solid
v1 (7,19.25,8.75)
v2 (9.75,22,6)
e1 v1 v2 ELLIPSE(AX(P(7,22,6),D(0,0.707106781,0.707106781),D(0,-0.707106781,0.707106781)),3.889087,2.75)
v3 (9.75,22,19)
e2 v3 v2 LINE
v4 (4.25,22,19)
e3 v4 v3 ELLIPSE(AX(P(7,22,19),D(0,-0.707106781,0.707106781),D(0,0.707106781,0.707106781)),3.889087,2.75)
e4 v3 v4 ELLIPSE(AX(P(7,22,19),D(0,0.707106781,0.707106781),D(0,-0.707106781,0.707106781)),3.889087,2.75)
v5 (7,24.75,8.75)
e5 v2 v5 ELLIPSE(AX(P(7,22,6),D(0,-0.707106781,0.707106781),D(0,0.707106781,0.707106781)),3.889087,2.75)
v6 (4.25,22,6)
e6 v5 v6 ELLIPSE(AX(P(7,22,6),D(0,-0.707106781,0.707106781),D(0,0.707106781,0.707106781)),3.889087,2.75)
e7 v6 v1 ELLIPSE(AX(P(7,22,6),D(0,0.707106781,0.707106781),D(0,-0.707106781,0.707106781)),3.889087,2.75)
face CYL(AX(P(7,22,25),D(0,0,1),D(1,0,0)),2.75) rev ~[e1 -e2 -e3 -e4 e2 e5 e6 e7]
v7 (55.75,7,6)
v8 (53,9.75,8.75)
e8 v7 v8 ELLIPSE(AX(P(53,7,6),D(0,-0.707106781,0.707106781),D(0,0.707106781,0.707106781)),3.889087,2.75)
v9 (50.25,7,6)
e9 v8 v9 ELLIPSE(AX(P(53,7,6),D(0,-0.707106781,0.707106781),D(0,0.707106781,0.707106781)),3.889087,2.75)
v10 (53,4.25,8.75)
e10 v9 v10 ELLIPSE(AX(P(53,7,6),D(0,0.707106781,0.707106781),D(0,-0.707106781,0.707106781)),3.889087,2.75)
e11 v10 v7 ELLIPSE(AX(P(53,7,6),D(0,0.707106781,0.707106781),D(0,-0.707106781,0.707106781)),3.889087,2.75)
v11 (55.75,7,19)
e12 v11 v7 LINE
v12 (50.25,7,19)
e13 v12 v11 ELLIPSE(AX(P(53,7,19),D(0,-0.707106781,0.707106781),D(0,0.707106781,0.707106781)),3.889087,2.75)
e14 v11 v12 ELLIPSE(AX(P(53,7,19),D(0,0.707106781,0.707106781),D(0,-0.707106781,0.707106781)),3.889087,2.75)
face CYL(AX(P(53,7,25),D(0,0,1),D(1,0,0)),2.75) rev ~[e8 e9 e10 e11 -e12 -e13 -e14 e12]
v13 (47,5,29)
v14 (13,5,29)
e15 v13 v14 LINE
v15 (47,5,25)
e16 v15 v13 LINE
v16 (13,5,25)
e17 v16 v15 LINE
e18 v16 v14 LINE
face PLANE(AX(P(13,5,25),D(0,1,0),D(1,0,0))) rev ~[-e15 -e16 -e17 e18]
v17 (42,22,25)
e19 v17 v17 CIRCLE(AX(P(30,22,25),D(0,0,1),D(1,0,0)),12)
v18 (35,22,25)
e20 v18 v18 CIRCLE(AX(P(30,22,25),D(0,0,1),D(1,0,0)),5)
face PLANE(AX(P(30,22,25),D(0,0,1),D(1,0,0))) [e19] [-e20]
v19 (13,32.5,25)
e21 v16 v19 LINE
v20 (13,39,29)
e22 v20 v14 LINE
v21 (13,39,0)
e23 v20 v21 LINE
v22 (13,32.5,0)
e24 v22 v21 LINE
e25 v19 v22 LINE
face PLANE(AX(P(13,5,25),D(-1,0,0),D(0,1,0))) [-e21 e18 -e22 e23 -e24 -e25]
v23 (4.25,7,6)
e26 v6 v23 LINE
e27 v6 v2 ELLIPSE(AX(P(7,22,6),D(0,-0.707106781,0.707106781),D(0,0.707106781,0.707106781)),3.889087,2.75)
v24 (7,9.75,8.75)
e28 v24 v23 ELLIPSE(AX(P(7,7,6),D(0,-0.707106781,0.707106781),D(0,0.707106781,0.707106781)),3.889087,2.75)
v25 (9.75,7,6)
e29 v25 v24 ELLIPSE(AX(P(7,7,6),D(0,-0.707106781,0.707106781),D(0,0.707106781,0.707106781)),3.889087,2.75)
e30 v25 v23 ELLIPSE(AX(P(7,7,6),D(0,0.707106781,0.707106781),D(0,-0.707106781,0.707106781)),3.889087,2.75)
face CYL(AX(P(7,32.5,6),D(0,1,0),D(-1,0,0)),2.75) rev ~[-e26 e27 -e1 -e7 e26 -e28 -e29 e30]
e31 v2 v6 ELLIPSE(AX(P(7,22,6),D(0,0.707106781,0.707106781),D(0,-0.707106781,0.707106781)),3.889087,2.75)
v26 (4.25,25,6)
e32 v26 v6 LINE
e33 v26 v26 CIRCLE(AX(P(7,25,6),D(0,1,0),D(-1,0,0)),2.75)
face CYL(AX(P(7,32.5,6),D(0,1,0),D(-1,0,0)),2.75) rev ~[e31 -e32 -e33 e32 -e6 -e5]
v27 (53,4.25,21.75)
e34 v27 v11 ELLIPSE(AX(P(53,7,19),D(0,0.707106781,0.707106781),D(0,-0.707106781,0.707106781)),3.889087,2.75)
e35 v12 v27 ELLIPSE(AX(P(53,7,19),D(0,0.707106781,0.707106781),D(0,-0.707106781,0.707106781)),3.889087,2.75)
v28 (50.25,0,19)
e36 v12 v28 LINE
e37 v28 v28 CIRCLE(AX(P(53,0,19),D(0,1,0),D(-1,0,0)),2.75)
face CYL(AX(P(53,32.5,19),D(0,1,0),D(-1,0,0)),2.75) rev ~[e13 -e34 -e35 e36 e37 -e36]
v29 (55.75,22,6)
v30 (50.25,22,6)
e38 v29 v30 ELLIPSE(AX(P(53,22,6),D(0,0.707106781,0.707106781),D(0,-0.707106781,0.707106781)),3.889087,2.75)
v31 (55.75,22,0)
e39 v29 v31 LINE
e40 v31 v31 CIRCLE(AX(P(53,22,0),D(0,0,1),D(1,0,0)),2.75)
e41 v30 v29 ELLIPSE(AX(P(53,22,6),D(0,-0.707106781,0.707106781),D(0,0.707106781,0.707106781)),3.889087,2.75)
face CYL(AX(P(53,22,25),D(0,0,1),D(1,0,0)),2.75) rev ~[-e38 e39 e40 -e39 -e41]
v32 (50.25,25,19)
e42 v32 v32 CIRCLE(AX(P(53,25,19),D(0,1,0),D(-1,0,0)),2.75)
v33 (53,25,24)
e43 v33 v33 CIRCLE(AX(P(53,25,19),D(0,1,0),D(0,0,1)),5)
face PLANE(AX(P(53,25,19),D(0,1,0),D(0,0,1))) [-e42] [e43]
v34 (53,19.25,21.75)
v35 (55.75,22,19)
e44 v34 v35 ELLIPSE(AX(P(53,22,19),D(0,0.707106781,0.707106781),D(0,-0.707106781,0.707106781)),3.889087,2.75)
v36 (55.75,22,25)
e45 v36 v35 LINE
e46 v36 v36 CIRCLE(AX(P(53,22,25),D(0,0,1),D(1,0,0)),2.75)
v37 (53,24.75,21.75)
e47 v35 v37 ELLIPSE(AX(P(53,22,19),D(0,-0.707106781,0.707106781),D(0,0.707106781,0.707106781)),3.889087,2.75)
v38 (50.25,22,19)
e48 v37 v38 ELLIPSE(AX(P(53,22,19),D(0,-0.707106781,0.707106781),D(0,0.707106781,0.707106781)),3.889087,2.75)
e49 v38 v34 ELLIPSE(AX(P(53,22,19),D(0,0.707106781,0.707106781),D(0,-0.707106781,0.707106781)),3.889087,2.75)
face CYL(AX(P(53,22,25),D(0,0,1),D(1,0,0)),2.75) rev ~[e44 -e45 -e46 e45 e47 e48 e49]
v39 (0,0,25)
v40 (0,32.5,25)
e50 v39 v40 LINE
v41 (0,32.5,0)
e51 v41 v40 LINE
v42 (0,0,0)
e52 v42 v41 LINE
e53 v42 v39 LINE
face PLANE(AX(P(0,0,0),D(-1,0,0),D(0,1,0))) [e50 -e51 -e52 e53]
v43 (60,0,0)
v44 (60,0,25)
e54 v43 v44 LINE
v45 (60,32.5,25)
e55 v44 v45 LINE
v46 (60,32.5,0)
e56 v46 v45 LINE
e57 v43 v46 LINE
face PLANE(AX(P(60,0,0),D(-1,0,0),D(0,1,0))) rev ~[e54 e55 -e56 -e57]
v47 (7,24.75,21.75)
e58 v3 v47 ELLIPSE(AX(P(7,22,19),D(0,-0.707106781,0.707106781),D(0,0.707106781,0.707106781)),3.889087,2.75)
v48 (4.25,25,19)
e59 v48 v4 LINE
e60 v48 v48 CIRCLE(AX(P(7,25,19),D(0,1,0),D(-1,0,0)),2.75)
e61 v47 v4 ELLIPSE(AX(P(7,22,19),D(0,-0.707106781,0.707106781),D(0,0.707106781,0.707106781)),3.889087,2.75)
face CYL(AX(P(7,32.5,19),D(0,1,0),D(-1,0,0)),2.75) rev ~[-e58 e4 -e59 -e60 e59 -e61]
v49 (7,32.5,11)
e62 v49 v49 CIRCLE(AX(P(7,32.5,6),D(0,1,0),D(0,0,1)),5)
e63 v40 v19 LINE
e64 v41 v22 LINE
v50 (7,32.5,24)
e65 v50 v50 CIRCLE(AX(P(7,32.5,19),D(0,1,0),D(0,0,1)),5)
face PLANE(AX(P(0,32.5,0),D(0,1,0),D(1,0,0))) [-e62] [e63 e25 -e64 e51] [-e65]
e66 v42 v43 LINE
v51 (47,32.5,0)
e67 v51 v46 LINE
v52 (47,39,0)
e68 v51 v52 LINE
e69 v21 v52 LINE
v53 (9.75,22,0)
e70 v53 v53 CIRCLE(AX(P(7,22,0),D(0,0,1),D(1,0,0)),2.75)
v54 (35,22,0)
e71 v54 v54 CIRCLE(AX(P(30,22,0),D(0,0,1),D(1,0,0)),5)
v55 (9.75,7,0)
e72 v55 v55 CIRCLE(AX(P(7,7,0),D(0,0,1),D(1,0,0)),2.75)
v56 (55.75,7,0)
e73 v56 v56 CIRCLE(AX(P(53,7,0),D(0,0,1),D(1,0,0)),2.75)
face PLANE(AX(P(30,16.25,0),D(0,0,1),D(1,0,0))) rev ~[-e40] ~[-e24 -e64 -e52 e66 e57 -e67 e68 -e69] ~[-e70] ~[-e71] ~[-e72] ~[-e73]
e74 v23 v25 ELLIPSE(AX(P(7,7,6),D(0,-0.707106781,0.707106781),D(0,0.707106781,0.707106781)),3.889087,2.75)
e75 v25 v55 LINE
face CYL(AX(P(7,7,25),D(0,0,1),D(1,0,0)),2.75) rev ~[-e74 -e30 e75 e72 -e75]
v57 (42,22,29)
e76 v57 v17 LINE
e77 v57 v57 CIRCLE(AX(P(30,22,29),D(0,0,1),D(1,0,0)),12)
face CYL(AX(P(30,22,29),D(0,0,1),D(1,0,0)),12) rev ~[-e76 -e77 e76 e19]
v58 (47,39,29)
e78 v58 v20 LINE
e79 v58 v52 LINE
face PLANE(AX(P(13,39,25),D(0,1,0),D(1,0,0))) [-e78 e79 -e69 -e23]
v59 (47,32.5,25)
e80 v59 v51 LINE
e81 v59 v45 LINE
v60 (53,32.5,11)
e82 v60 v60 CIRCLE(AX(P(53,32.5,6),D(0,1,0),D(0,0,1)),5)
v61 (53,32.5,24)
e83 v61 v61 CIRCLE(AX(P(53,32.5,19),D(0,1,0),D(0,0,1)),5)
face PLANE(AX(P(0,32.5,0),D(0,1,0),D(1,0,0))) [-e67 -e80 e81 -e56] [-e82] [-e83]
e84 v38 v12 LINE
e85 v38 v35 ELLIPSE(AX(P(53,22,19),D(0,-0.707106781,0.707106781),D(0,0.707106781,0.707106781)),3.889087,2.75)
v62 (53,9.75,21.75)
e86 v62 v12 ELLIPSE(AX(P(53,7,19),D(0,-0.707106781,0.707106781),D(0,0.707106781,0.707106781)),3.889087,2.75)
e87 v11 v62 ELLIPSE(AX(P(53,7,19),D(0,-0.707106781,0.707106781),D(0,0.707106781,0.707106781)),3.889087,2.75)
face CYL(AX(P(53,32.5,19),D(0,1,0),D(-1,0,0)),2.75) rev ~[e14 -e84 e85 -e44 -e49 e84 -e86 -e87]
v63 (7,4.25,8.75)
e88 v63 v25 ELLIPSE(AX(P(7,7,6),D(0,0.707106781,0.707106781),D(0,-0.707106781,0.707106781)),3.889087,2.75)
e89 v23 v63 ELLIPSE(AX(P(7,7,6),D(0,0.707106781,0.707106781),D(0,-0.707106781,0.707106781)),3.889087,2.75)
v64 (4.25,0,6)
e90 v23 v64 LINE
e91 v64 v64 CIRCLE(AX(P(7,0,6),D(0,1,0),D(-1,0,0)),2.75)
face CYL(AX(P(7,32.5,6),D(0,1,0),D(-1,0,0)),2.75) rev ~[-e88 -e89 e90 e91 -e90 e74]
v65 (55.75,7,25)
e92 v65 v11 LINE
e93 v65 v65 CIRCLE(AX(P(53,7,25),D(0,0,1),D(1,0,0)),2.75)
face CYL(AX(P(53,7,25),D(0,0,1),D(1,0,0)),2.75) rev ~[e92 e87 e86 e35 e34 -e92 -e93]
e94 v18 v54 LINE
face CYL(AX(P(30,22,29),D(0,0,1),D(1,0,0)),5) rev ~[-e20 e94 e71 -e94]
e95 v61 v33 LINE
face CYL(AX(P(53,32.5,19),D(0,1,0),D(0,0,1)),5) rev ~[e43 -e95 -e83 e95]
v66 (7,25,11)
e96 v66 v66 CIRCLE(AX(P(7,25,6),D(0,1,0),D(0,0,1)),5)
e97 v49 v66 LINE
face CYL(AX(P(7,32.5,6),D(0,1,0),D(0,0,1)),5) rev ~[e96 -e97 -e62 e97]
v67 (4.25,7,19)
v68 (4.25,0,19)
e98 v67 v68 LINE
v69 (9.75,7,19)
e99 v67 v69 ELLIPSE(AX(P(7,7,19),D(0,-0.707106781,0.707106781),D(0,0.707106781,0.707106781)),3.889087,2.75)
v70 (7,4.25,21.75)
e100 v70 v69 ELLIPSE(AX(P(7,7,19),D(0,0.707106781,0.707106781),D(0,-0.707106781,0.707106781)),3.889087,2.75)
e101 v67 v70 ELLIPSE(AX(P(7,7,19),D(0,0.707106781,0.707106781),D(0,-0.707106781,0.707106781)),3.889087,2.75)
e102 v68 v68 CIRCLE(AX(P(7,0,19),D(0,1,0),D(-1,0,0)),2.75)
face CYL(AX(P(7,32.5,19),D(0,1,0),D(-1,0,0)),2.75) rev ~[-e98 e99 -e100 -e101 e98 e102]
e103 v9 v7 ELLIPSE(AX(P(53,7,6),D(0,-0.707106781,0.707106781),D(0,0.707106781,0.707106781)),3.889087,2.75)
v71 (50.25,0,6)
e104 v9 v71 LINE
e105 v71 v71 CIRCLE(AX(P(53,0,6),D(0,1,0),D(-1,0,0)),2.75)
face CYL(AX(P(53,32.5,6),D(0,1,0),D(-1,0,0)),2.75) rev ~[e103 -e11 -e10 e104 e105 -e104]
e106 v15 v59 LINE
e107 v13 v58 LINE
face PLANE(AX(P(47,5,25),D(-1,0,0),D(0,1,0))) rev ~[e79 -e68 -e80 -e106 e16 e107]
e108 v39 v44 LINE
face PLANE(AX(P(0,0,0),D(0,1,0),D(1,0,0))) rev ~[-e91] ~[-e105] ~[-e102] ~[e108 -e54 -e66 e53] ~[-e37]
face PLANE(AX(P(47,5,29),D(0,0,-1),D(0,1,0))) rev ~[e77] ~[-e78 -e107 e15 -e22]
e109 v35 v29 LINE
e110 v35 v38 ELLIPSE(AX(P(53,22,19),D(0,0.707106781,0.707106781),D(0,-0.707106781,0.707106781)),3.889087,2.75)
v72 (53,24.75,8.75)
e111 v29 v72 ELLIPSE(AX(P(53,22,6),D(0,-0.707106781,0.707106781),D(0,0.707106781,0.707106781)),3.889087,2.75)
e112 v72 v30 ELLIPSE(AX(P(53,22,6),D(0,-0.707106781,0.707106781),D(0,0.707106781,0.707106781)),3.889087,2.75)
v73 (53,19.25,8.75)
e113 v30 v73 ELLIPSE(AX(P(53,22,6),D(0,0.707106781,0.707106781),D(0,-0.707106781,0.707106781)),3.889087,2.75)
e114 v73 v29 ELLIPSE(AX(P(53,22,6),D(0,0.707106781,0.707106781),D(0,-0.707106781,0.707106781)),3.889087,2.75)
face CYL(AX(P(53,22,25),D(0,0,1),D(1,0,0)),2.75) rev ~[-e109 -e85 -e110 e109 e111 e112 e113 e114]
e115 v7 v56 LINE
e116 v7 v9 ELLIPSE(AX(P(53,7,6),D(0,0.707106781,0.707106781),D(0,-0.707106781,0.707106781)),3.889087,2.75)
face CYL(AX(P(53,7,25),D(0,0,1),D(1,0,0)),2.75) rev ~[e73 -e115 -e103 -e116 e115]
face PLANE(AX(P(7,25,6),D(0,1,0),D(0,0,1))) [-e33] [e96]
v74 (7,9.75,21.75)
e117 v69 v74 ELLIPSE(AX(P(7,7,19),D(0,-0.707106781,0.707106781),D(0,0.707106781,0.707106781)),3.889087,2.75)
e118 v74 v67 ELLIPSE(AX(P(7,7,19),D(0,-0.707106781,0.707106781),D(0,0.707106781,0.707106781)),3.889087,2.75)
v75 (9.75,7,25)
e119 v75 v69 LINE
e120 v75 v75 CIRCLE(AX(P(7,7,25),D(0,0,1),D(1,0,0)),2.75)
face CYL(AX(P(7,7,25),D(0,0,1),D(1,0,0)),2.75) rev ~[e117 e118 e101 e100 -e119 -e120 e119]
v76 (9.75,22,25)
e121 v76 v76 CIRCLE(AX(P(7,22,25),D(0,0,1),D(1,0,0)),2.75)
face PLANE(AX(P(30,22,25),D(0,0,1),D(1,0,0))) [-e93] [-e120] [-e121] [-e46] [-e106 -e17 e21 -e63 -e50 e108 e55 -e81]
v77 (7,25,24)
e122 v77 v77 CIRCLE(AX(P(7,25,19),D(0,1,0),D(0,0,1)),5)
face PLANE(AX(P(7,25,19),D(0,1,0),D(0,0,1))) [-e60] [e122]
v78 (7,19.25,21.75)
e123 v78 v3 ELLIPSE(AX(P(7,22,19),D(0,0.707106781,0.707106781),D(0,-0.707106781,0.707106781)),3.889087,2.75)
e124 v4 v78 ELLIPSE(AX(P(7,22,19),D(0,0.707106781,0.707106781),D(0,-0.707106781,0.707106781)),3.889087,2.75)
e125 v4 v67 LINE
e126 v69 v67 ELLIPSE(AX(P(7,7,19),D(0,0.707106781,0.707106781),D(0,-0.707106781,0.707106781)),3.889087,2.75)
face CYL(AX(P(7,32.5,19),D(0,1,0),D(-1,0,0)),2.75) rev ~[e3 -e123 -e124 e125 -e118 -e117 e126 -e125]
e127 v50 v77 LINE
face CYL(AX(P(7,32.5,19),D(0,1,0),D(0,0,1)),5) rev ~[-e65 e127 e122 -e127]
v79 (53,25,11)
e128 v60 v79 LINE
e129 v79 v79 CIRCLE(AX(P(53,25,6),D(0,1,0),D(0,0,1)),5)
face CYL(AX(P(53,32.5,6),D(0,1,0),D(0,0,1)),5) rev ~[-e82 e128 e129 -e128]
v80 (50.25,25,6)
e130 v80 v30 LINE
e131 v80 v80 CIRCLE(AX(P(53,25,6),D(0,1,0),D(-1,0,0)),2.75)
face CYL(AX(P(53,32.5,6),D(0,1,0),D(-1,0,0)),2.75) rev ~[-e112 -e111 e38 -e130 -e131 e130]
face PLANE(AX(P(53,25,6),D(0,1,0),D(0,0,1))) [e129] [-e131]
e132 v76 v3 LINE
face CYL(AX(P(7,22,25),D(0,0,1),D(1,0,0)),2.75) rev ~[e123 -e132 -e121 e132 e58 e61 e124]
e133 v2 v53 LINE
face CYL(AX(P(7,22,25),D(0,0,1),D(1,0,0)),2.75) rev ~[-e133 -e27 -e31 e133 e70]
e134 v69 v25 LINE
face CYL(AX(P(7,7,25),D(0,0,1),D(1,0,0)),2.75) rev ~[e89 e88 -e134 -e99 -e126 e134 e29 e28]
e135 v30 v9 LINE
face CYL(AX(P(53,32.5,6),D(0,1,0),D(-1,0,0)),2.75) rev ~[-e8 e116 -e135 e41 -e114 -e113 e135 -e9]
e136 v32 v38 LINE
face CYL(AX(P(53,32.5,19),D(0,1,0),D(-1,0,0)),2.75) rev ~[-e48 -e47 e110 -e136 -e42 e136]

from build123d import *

# Parameters (mm, degrees)
SKETCH_1_W          = 60
SKETCH_1_H          = 32.5
EXTRUDE_1_DEPTH     = 25
SKETCH_2_W          = 34
SKETCH_2_H          = 34
EXTRUDE_2_DEPTH     = 25
SKETCH_2_2_W        = 34
SKETCH_2_2_H        = 34
EXTRUDE_3_DEPTH     = 42
SKETCH_3_W          = 38
SKETCH_3_H          = 34
CUT_EXTRUDE_1_DEPTH = 91.65870063
SKETCH_4_R          = 2.75
CUT_EXTRUDE_2_DEPTH = 76.802374633
SKETCH_5_R          = 2.75
CUT_EXTRUDE_3_DEPTH = 75.143442057
SKETCH_6_R          = 5
CUT_EXTRUDE_4_DEPTH = 7.5
SKETCH_7_R          = 5
CUT_EXTRUDE_5_DEPTH = 78.21398837
SKETCH_8_R          = 12
CUT_EXTRUDE_6_DEPTH = 4


with BuildPart() as part:
    # Эскиз1 → Бобышка-Вытянуть1 (new body)
    with BuildSketch(Plane.XY):
        with Locations((30, 16.25)):
            Rectangle(SKETCH_1_W, SKETCH_1_H)
    extrude(amount=EXTRUDE_1_DEPTH)

    # Эскиз2 → Бобышка-Вытянуть2 (add)
    with BuildSketch(Plane.XY.offset(25)):
        with Locations((30, 22)):
            Rectangle(SKETCH_2_W, SKETCH_2_H)
    extrude(amount=-EXTRUDE_2_DEPTH)

    # Эскиз2<2> → Бобышка-Вытянуть3 (add)
    with BuildSketch(Plane.XY.offset(25)):
        with Locations((30, 22)):
            Rectangle(SKETCH_2_2_W, SKETCH_2_2_H)
    extrude(amount=EXTRUDE_3_DEPTH)

    # Эскиз3 → Вырез-Вытянуть1 (cut, through all)
    with BuildSketch(Plane(origin=(47, 0, 0), x_dir=(0, 0, -1), z_dir=(1, 0, 0))):
        with Locations((-48, 22)):
            Rectangle(SKETCH_3_W, SKETCH_3_H)
    extrude(amount=-CUT_EXTRUDE_1_DEPTH, mode=Mode.SUBTRACT)

    # Эскиз4 → Вырез-Вытянуть2 (cut, through all)
    with BuildSketch(Plane.XY.offset(25)):
        with Locations((7, 22)):
            Circle(SKETCH_4_R)
        with Locations((7, 7)):
            Circle(SKETCH_4_R)
        with Locations((53, 7)):
            Circle(SKETCH_4_R)
        with Locations((53, 22)):
            Circle(SKETCH_4_R)
    extrude(amount=-CUT_EXTRUDE_2_DEPTH, mode=Mode.SUBTRACT)

    # Эскиз5 → Вырез-Вытянуть3 (cut, through all)
    with BuildSketch(Plane(origin=(0, 32.5, 0), x_dir=(1, 0, 0), z_dir=(0, 1, 0))):
        with Locations(Location((7, -19, 0), (0, 0, 180))):
            Circle(SKETCH_5_R)
        with Locations(Location((7, -6, 0), (0, 0, 180))):
            Circle(SKETCH_5_R)
        with Locations(Location((53, -6, 0), (0, 0, 180))):
            Circle(SKETCH_5_R)
        with Locations(Location((53, -19, 0), (0, 0, 180))):
            Circle(SKETCH_5_R)
    extrude(amount=-CUT_EXTRUDE_3_DEPTH, mode=Mode.SUBTRACT)

    # Эскиз6 → Вырез-Вытянуть4 (cut)
    with BuildSketch(Plane(origin=(0, 32.5, 0), x_dir=(1, 0, 0), z_dir=(0, 1, 0))):
        with Locations(Location((7, -6, 0), (0, 0, 270))):
            Circle(SKETCH_6_R)
        with Locations(Location((7, -19, 0), (0, 0, 270))):
            Circle(SKETCH_6_R)
        with Locations(Location((53, -19, 0), (0, 0, 270))):
            Circle(SKETCH_6_R)
        with Locations(Location((53, -6, 0), (0, 0, 270))):
            Circle(SKETCH_6_R)
    extrude(amount=-CUT_EXTRUDE_4_DEPTH, mode=Mode.SUBTRACT)

    # Эскиз7 → Вырез-Вытянуть5 (cut, through all)
    with BuildSketch(Plane.XY.offset(29)):
        with Locations((30, 22)):
            Circle(SKETCH_7_R)
    extrude(amount=-CUT_EXTRUDE_5_DEPTH, mode=Mode.SUBTRACT)

    # Эскиз8 → Вырез-Вытянуть6 (cut)
    with BuildSketch(Plane.XY.offset(29)):
        with Locations((30, 22)):
            Circle(SKETCH_8_R)
    extrude(amount=-CUT_EXTRUDE_6_DEPTH, mode=Mode.SUBTRACT)


solid = part.part
